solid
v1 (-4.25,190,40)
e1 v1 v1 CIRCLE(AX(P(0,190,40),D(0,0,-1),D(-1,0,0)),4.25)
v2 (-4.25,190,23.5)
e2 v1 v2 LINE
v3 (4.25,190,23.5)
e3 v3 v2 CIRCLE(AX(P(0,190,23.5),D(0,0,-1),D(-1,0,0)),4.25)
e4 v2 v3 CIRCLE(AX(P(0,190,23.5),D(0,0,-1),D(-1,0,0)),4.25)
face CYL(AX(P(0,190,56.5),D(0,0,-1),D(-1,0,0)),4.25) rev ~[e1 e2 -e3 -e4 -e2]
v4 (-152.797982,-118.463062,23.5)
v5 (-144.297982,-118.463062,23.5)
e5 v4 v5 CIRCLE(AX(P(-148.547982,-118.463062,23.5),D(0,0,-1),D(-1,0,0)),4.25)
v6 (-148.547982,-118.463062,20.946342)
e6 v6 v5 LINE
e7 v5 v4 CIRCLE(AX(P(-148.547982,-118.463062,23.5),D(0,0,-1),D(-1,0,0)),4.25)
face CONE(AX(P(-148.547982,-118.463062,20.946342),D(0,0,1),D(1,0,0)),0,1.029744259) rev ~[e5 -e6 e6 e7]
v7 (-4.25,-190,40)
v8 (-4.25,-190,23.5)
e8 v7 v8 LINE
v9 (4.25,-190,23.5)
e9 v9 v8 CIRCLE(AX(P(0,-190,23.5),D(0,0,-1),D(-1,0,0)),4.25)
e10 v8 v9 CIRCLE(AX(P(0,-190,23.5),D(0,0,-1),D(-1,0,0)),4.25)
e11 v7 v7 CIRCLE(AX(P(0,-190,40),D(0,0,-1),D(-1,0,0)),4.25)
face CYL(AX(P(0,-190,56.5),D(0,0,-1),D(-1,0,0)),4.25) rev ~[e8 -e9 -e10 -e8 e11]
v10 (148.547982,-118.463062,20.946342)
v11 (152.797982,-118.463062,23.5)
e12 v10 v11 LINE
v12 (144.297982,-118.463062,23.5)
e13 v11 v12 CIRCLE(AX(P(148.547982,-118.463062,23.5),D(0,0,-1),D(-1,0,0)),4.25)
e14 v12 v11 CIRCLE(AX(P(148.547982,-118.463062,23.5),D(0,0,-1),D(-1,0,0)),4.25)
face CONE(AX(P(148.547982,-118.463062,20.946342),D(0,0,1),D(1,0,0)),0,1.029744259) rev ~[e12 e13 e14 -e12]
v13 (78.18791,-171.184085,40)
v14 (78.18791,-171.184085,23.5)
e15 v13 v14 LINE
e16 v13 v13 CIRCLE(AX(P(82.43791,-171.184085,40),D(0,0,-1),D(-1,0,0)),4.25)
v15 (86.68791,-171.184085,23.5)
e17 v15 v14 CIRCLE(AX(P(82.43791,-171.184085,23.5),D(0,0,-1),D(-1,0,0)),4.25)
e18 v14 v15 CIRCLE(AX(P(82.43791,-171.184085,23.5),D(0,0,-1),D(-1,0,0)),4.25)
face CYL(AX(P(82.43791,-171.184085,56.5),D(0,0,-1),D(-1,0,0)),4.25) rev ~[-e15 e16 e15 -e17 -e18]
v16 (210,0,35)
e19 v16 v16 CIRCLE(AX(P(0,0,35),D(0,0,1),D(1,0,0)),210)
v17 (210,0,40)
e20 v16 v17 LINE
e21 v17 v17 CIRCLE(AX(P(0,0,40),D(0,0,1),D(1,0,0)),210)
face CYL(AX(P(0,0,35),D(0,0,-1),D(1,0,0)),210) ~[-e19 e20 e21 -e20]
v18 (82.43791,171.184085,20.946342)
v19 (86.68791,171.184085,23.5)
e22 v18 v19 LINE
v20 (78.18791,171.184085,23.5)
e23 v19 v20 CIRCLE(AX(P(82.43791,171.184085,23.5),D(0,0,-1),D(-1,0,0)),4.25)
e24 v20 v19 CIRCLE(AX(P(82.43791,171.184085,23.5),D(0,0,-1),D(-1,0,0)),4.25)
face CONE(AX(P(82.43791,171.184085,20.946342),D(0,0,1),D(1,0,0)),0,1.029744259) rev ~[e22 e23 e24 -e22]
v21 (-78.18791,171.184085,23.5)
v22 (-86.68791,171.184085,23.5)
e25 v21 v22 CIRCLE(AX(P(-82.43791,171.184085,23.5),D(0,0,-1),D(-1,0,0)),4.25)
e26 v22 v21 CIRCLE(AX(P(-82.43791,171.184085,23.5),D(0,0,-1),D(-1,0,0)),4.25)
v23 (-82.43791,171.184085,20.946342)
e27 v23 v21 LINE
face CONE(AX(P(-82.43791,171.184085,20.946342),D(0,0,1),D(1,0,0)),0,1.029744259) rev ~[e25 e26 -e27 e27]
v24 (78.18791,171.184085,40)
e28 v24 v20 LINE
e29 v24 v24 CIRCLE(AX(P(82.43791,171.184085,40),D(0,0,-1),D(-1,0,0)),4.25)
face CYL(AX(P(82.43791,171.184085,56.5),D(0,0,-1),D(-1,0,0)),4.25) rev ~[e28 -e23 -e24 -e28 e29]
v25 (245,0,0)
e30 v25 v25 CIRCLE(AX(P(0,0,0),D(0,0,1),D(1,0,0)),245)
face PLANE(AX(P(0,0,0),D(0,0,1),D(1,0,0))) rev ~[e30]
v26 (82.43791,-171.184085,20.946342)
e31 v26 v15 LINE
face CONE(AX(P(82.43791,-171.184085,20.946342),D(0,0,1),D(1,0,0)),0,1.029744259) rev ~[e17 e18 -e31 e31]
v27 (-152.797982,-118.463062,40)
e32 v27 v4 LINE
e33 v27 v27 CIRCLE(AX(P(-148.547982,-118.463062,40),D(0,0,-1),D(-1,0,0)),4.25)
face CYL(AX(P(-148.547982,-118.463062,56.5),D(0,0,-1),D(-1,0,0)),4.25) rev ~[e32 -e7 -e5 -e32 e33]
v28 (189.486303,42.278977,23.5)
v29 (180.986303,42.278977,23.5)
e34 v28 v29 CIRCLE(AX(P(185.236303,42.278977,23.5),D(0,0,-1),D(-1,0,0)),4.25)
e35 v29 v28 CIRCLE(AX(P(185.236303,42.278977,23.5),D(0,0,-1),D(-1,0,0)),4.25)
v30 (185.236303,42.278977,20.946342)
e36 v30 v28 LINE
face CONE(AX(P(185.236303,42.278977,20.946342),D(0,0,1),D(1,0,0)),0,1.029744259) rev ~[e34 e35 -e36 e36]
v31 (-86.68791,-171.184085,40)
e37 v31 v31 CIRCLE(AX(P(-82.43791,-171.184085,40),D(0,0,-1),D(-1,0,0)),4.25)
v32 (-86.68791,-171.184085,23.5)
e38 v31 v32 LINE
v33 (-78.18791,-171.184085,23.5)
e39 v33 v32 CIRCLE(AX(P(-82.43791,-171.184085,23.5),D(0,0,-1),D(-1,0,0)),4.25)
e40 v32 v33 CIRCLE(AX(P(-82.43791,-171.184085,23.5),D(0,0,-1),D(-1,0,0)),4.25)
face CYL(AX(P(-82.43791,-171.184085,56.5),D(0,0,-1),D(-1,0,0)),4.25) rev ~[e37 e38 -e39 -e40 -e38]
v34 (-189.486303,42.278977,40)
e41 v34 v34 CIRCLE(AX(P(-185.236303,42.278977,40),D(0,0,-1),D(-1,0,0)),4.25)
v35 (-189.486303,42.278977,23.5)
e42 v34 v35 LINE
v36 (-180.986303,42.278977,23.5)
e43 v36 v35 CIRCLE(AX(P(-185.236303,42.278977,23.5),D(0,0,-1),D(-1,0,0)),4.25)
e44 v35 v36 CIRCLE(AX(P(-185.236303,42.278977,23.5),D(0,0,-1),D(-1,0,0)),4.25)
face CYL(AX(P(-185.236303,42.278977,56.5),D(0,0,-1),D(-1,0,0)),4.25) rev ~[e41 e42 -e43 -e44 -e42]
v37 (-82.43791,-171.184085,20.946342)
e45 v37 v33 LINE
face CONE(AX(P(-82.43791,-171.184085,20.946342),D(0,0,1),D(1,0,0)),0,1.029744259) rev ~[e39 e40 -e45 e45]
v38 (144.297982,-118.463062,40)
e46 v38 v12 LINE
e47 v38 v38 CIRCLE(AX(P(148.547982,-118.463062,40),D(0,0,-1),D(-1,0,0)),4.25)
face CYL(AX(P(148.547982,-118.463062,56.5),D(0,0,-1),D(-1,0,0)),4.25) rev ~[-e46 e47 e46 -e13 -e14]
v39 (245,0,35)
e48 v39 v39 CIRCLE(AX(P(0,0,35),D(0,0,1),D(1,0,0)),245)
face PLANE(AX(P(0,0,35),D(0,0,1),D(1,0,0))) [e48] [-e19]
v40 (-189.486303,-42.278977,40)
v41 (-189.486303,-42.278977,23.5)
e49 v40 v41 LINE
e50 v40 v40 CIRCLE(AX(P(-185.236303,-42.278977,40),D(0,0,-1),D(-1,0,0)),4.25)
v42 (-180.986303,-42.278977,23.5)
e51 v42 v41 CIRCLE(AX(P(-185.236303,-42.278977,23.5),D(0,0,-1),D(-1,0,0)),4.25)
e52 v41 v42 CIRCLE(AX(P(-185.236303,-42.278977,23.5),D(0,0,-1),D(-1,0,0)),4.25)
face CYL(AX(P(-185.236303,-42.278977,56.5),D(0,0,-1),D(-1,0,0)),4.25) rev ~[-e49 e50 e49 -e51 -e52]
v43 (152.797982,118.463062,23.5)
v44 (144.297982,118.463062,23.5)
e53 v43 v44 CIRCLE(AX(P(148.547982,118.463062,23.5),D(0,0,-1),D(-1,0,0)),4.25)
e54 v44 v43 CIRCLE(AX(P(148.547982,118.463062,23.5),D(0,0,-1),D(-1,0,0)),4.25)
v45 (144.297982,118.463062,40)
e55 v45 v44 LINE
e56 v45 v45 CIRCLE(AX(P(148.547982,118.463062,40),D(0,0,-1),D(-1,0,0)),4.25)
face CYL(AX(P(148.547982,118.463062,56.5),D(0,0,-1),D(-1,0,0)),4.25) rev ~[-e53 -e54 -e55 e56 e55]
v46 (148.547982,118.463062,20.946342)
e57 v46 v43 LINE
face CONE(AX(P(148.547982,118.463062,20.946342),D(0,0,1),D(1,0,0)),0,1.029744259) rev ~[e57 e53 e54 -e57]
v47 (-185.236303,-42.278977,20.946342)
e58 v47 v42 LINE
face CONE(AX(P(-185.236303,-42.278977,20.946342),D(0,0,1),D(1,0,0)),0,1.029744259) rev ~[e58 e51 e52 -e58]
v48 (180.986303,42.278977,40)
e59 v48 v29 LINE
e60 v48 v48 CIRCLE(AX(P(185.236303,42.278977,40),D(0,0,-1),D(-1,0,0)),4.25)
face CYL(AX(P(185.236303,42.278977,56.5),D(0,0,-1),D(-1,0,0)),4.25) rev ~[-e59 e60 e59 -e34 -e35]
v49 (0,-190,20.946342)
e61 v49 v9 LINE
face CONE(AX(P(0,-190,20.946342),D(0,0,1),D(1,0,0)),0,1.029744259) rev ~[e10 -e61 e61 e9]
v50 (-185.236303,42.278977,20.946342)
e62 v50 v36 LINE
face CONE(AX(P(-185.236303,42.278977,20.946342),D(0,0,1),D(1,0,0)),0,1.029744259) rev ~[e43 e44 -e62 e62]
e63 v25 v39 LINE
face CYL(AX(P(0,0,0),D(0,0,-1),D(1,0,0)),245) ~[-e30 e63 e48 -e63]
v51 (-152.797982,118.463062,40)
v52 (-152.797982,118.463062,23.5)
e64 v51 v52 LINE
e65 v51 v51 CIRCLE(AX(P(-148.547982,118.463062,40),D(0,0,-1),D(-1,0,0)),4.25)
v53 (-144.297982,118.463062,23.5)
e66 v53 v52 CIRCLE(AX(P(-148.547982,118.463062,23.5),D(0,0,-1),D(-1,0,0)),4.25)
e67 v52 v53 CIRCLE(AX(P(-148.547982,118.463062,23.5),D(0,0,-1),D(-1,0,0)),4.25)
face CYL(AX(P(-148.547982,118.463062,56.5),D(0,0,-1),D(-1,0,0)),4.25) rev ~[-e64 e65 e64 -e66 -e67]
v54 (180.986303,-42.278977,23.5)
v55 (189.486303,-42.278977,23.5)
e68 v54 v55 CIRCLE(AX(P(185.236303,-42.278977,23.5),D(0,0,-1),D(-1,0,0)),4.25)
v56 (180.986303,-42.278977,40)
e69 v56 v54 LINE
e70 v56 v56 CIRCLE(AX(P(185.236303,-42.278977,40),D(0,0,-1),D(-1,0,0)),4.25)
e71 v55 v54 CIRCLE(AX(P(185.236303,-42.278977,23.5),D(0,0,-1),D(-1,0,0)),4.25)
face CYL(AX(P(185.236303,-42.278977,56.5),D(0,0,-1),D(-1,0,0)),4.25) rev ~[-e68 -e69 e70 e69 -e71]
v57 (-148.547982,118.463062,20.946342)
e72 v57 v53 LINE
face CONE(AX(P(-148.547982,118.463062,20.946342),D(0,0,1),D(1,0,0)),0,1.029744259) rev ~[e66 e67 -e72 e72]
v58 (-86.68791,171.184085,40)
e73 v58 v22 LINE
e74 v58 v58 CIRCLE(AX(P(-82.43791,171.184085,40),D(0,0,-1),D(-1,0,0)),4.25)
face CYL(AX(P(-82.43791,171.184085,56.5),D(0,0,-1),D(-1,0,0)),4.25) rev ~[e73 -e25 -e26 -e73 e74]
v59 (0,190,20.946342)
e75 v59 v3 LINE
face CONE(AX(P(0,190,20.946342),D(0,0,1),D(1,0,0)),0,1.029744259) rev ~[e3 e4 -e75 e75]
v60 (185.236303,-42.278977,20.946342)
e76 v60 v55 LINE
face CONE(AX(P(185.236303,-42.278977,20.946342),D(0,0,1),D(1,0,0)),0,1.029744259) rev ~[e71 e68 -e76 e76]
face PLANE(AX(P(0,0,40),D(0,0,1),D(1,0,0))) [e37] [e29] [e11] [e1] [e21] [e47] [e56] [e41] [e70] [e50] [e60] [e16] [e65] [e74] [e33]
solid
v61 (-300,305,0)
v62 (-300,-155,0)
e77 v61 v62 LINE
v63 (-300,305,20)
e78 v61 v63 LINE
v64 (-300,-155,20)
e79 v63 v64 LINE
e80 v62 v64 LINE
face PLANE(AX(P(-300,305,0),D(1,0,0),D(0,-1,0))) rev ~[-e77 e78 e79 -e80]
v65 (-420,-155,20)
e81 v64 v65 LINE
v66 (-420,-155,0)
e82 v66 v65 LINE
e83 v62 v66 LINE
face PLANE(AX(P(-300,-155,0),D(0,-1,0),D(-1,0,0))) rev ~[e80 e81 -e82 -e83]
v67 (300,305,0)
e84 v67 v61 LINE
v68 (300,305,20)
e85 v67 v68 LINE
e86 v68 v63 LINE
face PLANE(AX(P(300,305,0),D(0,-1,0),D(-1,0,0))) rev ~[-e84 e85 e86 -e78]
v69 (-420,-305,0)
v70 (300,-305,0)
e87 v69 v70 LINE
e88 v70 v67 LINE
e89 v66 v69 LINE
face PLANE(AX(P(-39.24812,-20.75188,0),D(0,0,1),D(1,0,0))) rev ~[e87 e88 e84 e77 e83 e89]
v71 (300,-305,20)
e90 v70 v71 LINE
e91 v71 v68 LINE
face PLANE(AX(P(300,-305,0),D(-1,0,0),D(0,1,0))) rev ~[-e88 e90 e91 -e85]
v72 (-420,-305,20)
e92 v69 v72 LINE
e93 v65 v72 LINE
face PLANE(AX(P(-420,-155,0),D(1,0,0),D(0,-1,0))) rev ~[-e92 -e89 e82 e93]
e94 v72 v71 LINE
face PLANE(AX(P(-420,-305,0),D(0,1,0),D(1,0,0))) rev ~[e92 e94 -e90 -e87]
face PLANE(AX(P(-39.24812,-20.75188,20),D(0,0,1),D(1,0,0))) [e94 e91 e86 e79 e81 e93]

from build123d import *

# Parameters (mm, degrees)
F1_DEPTH = 20
F2_R     = 245
F3_DEPTH = 35
F4_R     = 210
F5_DEPTH = 5
F7_D     = 8.5
F7_DEPTH = 16.5
F7_TIP   = 2.5536576309


with BuildPart() as f1:
    # F0 (on Top) → F1 (new body)
    with BuildSketch(Plane.XY):
        Polygon((-300, -305), (300, -305), (300, 305), (-300, 305), (-300, -155), (-420, -155), (-420, -305), align=None)
    extrude(amount=F1_DEPTH)


with BuildPart() as f3:
    # F2 (on Top) → F3 (new body)
    with BuildSketch(Plane.XY):
        Circle(F2_R)
    extrude(amount=F3_DEPTH)

    # F4 (on face) → F5 (join)
    with BuildSketch(Plane.XY.offset(35)):
        Circle(F4_R)
    extrude(amount=F5_DEPTH)

    # F7
    with Locations(Plane.XY.offset(40)):
        with Locations((0, 190), (82.4379104323, 171.1840849015), (148.5479816689, 118.4630623532), (185.2363033145, 42.2789774517), (185.2363033145, -42.2789774517), (148.5479816689, -118.4630623532), (82.4379104323, -171.1840849015), (0, -190), (-82.4379104323, -171.1840849015), (-148.5479816689, -118.4630623532), (-185.2363033145, -42.2789774517), (-185.2363033145, 42.2789774517), (-148.5479816689, 118.4630623532), (-82.4379104323, 171.1840849015)):
            Hole(F7_D / 2, depth=F7_DEPTH)
            with Locations((0, 0, -(F7_DEPTH + F7_TIP / 2))):  # 118° drill point
                Cone(0, F7_D / 2, F7_TIP, mode=Mode.SUBTRACT)


solid = Compound([f1.part, f3.part])
